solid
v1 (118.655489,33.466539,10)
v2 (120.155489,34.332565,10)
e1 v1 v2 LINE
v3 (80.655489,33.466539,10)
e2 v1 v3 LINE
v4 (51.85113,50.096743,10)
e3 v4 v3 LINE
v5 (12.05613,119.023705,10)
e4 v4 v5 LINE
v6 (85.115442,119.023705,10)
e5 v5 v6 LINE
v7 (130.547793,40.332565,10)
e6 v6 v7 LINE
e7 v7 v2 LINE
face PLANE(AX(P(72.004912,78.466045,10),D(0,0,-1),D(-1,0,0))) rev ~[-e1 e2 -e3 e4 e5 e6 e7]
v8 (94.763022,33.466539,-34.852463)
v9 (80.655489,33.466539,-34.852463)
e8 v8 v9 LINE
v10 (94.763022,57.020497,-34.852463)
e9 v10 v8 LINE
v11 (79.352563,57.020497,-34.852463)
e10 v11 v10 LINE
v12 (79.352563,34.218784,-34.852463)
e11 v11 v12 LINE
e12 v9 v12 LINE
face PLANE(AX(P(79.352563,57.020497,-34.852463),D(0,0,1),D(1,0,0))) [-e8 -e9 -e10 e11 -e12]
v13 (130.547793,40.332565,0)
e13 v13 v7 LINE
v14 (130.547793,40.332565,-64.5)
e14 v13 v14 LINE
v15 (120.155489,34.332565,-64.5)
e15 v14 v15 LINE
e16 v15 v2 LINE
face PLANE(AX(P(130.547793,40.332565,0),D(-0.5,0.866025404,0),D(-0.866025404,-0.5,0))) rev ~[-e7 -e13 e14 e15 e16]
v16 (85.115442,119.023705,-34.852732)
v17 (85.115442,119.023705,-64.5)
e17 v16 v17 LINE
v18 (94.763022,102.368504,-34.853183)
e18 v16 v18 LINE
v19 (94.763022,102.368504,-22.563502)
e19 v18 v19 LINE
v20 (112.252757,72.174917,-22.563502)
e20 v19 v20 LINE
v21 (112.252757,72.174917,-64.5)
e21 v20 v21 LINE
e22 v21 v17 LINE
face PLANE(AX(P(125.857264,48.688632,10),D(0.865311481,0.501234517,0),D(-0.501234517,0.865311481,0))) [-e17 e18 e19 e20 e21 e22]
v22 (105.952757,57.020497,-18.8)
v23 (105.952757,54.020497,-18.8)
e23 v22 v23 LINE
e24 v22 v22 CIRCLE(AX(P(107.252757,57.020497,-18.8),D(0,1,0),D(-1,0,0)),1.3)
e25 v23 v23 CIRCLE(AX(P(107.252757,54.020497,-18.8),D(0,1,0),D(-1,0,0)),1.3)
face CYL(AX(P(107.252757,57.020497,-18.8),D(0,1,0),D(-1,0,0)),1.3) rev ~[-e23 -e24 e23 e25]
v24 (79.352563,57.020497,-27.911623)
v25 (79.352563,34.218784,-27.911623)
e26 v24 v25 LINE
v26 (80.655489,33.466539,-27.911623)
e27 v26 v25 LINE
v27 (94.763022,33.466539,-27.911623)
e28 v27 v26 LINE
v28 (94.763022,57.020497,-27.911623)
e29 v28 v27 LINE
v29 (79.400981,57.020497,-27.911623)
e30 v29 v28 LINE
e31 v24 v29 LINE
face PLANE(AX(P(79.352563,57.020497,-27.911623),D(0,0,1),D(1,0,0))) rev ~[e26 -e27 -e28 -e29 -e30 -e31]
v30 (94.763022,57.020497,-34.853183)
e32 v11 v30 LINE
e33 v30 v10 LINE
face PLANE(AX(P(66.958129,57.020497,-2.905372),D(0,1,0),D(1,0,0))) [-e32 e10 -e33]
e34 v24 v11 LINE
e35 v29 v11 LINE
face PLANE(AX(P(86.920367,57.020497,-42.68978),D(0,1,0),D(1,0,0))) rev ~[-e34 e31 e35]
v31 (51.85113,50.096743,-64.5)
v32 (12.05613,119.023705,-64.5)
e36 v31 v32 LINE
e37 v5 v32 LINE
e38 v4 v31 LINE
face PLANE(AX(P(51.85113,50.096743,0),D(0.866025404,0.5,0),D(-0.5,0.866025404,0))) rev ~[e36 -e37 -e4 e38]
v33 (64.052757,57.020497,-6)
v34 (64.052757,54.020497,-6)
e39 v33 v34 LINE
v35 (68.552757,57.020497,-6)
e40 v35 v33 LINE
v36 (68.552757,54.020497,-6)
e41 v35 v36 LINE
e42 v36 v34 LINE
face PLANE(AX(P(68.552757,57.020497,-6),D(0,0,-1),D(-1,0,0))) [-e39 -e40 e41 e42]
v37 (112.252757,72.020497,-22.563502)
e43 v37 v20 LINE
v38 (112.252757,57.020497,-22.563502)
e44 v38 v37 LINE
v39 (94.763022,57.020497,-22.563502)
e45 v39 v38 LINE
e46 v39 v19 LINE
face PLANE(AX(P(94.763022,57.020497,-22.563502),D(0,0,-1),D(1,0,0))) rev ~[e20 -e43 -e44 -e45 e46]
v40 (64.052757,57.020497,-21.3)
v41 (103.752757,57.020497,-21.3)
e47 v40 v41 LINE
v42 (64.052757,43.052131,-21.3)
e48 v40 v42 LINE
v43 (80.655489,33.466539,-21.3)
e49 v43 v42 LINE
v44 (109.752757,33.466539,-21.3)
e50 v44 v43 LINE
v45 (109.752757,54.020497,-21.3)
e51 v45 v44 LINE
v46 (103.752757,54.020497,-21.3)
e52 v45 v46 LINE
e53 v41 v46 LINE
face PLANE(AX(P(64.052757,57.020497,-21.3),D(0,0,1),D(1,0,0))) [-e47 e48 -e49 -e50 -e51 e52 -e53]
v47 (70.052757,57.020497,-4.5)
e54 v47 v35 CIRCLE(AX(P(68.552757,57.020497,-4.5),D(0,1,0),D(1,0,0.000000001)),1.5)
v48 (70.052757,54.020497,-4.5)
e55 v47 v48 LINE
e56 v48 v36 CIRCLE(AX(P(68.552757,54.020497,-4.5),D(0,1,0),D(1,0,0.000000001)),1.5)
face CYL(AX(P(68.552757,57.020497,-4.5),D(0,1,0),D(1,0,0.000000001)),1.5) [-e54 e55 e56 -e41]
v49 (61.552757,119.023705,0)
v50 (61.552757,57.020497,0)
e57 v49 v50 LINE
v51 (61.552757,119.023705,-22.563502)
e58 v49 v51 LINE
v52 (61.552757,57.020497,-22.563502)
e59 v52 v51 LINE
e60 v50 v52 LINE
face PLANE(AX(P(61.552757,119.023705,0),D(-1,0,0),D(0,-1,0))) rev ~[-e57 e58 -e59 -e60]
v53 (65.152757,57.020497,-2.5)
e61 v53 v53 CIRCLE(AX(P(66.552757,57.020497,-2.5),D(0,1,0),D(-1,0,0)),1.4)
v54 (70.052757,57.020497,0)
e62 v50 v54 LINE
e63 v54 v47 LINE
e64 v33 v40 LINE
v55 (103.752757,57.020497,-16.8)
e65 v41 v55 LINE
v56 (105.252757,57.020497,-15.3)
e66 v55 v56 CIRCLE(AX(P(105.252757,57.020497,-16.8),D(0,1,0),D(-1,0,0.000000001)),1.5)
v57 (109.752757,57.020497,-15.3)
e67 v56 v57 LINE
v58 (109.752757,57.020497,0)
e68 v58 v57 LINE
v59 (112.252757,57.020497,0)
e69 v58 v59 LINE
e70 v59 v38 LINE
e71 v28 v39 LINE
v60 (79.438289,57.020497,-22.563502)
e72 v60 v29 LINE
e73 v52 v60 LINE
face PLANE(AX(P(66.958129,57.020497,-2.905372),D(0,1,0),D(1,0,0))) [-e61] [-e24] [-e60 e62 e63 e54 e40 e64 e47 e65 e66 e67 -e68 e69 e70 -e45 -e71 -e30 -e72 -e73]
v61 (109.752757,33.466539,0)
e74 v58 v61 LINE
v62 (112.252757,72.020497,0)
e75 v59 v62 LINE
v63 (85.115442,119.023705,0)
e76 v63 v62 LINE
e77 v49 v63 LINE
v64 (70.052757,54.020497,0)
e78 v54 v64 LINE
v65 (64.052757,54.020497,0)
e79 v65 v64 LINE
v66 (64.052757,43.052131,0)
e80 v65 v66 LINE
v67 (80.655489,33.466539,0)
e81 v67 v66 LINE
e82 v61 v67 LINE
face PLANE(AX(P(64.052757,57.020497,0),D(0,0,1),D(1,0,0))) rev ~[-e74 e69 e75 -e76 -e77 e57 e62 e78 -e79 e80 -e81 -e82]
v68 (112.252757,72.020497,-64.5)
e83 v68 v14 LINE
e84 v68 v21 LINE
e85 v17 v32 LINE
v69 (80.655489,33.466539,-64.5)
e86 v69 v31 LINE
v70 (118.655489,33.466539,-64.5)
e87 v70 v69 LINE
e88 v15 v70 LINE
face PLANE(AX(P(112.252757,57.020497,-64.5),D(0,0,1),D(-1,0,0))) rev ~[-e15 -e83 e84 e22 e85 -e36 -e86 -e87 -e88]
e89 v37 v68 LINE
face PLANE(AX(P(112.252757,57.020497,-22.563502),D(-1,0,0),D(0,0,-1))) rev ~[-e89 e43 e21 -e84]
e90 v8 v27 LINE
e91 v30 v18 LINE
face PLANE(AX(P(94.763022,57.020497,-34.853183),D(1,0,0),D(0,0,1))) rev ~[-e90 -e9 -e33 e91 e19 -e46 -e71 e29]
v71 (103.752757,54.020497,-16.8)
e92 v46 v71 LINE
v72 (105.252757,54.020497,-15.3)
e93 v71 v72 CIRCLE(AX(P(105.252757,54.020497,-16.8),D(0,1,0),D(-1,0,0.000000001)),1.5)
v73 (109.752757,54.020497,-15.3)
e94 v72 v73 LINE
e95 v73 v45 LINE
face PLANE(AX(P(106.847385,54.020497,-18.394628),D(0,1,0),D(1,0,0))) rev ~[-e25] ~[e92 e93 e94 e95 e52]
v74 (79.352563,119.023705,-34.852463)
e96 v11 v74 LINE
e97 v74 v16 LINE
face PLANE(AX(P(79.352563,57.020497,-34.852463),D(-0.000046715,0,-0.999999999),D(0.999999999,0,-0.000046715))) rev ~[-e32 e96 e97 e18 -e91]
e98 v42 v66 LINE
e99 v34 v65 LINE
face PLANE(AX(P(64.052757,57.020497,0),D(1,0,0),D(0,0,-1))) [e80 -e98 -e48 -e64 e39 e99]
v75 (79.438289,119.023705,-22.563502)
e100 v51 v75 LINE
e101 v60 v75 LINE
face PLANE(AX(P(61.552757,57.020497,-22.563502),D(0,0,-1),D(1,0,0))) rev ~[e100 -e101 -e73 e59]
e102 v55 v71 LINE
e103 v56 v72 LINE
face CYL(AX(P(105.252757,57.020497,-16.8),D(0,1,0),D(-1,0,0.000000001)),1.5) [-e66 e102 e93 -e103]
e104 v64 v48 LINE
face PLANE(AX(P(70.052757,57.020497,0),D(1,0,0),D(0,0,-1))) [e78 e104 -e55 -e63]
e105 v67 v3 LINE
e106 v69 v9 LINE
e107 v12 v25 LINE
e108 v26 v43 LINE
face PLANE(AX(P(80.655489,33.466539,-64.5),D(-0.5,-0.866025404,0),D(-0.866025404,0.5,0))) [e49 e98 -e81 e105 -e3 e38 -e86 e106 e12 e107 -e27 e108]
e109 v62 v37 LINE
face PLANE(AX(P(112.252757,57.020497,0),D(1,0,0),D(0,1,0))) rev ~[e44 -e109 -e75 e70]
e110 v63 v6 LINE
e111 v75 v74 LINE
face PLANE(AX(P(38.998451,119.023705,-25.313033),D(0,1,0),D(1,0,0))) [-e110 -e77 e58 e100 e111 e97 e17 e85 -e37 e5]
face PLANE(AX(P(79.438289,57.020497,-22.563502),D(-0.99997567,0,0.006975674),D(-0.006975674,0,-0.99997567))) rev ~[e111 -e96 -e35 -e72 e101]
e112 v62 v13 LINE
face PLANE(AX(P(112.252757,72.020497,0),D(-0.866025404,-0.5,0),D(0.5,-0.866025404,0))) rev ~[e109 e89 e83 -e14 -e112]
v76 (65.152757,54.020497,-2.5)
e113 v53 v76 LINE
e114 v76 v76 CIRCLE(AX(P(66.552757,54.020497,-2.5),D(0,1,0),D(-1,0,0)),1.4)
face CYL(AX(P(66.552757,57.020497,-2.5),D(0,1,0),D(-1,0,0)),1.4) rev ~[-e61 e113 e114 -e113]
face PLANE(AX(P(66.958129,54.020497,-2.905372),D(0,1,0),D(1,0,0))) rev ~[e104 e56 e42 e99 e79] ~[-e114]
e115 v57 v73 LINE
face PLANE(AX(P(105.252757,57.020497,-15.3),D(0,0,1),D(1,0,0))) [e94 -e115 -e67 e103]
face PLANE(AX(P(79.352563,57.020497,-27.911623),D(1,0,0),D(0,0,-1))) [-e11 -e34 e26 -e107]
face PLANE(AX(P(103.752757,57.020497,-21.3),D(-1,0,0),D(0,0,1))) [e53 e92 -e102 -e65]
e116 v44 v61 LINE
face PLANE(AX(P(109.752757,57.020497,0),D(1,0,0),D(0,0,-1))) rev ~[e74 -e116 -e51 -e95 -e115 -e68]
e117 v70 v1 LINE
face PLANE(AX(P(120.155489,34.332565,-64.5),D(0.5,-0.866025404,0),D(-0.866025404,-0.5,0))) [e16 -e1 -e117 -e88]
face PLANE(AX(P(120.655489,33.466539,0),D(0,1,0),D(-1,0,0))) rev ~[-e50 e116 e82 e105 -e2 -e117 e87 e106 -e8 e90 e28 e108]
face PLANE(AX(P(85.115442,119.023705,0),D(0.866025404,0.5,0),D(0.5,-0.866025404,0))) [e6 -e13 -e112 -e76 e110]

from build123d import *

# Parameters (mm, degrees)
EXTRUDE_1_DEPTH     = 10
EXTRUDE_2_DEPTH     = 64.5
CUT_EXTRUDE_1_REACH = 160.264
SKETCH_4_W          = 45.7
SKETCH_4_H          = 21.3
SKETCH_5_R          = 1.4
SKETCH_5_R_2        = 1.3
EXTRUDE_4_DEPTH     = 3
CUT_EXTRUDE_2_REACH = 160.264
SKETCH_6_W          = 15.410459276
SKETCH_6_H          = 6.940839766
EXTRUDE_7_REACH     = 160.264
CUT_EXTRUDE_3_REACH = 193.728
CUT_EXTRUDE_4_REACH = 193.728
CUT_EXTRUDE_5_REACH = 193.728


with BuildPart() as part:
    # 草圖1 → 填料-伸長1 (new body)
    with BuildSketch(Plane.XY):
        Polygon((85.115442282, 119.023705311), (130.547793458, 40.332564766), (120.155488613, 34.332564766), (120.655488613, 33.466539362), (80.655488613, 33.466539362), (51.851130238, 50.096743424), (12.056130238, 119.023705311), align=None)
        Polygon((51.851130238, 50.096743424), (45.007721115, 46.145699324), (80.655488613, 25.564451164), (80.655488613, 33.466539362), align=None)
    extrude(amount=EXTRUDE_1_DEPTH)

    # 草圖2 → 填料-伸長2 (add)
    with BuildSketch(Plane(origin=(0, 0, 0), x_dir=(-1, 0, 0), z_dir=(0, 0, -1))):
        Polygon((-80.655488613, 33.466539362), (-80.655488613, 25.564451164), (-45.007721115, 46.145699324), (-51.851130238, 50.096743424), (-12.056130238, 119.023705311), (-61.552757034, 119.023705311), (-61.552757034, 57.020497378), (-112.252757034, 57.020497378), (-112.252757034, 72.020497378), (-130.547793458, 40.332564766), (-120.155488613, 34.332564766), (-120.655488613, 33.466539362), align=None)
    extrude(amount=EXTRUDE_2_DEPTH)

    # 草圖4 → 除料-伸長1 (cut, up to next)
    with BuildSketch(Plane(origin=(0, 57.020497378, 0), x_dir=(1, 0, 0), z_dir=(0, 1, 0)), mode=Mode.PRIVATE) as cut_extrude_1_sk1:
        with Locations((86.902757034, 10.65)):
            Rectangle(SKETCH_4_W, SKETCH_4_H)
    cut_extrude_1_tool1 = extrude(cut_extrude_1_sk1.sketch, amount=-CUT_EXTRUDE_1_REACH, mode=Mode.PRIVATE) & part.part
    add(cut_extrude_1_tool1.solids().sort_by_distance((86.902757, 57.020497, -10.65))[0], mode=Mode.SUBTRACT)

    # 草圖5 → 填料-伸長4 (add)
    # profile 1 of 2: a face of its own
    with BuildSketch(Plane(origin=(0, 57.020497378, 0), x_dir=(1, 0, 0), z_dir=(0, 1, 0))):
        with BuildLine():
            Line((64.052757034, 6), (64.052757034, 0))
            Line((64.052757034, 0), (70.052757034, 0))
            Line((70.052757034, 0), (70.052757034, 4.5))
            ThreePointArc((70.052757034, 4.5), (69.613417206, 5.560660172), (68.552757034, 6))
            Line((68.552757034, 6), (64.052757034, 6))
        make_face()
        with Locations(Location((66.552757034, 2.5, 0), (0, 0, 180))):
            Circle(SKETCH_5_R, mode=Mode.SUBTRACT)
    # profile 2 of 2: a face of its own
    with BuildSketch(Plane(origin=(0, 57.020497378, 0), x_dir=(1, 0, 0), z_dir=(0, 1, 0))):
        with BuildLine():
            Line((109.752757034, 15.3), (109.752757034, 21.3))
            Line((109.752757034, 21.3), (103.752757034, 21.3))
            Line((103.752757034, 21.3), (103.752757034, 16.8))
            ThreePointArc((103.752757034, 16.8), (104.192096863, 15.739339828), (105.252757034, 15.3))
            Line((105.252757034, 15.3), (109.752757034, 15.3))
        make_face()
        with Locations(Location((107.252757034, 18.8, 0), (0, 0, 180))):
            Circle(SKETCH_5_R_2, mode=Mode.SUBTRACT)
    extrude(amount=-EXTRUDE_4_DEPTH)

    # 草圖6 → 除料-伸長2 (cut, up to next)
    with BuildSketch(Plane(origin=(0, 57.020497378, 0), x_dir=(1, 0, 0), z_dir=(0, 1, 0)), mode=Mode.PRIVATE) as cut_extrude_2_sk1:
        with Locations((87.057792718, 31.382043144)):
            Rectangle(SKETCH_6_W, SKETCH_6_H)
    cut_extrude_2_tool1 = extrude(cut_extrude_2_sk1.sketch, amount=-CUT_EXTRUDE_2_REACH, mode=Mode.PRIVATE) & part.part
    add(cut_extrude_2_tool1.solids().sort_by_distance((87.057793, 57.020497, -31.382043))[0], mode=Mode.SUBTRACT)

    # 填料-伸長7: up to this face of the body (flat: up to its plane)
    extrude_7_end = Plane(part.part.faces().sort_by_distance((38.998451389, 119.023705311, -25.313032677))[0])
    # 草圖7 → 填料-伸長7 (add, up to the picked face)
    with BuildSketch(Plane(origin=(0, 57.020497378, 0), x_dir=(1, 0, 0), z_dir=(0, 1, 0)), mode=Mode.PRIVATE) as extrude_7_sk1:
        Polygon((94.763022356, 34.85318293), (94.763022356, 22.563502169), (112.252757034, 22.563502169), (112.252757034, 64.5), (61.552757034, 64.5), (61.552757034, 22.563502169), (79.438288953, 22.563502169), (79.35256308, 34.852463027), align=None)
    extrude_7_tool1 = split(extrude(extrude_7_sk1.sketch, amount=EXTRUDE_7_REACH, mode=Mode.PRIVATE), bisect_by=extrude_7_end, keep=Keep.BOTH, mode=Mode.PRIVATE)
    add(extrude_7_tool1.solids().sort_by(Axis((86.885549, 57.020497, -44.976252), (0, 1, 0)))[0])

    # 除料-伸長3: up to this face of the body (flat: up to its plane)
    cut_extrude_3_end = Plane(part.part.faces().sort_by_distance((75.490043398, 78.531685691, -64.5))[0])
    # 草圖9 → 除料-伸長3 (cut, up to the picked face)
    with BuildSketch(Plane.XY.offset(10), mode=Mode.PRIVATE) as cut_extrude_3_sk1:
        Polygon((85.115442282, 119.023705311), (125.857264431, 119.023705311), (125.857264431, 48.688632151), align=None)
    cut_extrude_3_tool1 = split(extrude(cut_extrude_3_sk1.sketch, amount=-CUT_EXTRUDE_3_REACH, mode=Mode.PRIVATE), bisect_by=cut_extrude_3_end, keep=Keep.BOTH, mode=Mode.PRIVATE)
    add(cut_extrude_3_tool1.solids().sort_by(Axis((112.276657, 95.578681, 10), (0, 0, -1)))[0], mode=Mode.SUBTRACT)

    # 草圖10 → 除料-伸長4 (cut, up to next)
    with BuildSketch(Plane(origin=(0, 0, -64.5), x_dir=(-1, 0, 0), z_dir=(0, 0, -1)), mode=Mode.PRIVATE) as cut_extrude_4_sk1:
        Polygon((-120.155488613, 34.332564766), (-118.655488613, 33.466539362), (-120.655488613, 33.466539362), align=None)
    cut_extrude_4_tool1 = extrude(cut_extrude_4_sk1.sketch, amount=-CUT_EXTRUDE_4_REACH, mode=Mode.PRIVATE) & part.part
    add(cut_extrude_4_tool1.solids().sort_by_distance((119.822155, 33.755214, -64.5))[0], mode=Mode.SUBTRACT)

    # 草圖11 → 除料-伸長5 (cut, up to next)
    with BuildSketch(Plane(origin=(0, 0, -64.5), x_dir=(-1, 0, 0), z_dir=(0, 0, -1)), mode=Mode.PRIVATE) as cut_extrude_5_sk1:
        Polygon((-45.007721115, 46.145699324), (-80.655488613, 25.564451164), (-80.655488613, 33.466539362), (-51.851130238, 50.096743424), align=None)
    cut_extrude_5_tool1 = extrude(cut_extrude_5_sk1.sketch, amount=-CUT_EXTRUDE_5_REACH, mode=Mode.PRIVATE) & part.part
    add(cut_extrude_5_tool1.solids().sort_by_distance((64.481905, 38.71348, -64.5))[0], mode=Mode.SUBTRACT)


solid = part.part
